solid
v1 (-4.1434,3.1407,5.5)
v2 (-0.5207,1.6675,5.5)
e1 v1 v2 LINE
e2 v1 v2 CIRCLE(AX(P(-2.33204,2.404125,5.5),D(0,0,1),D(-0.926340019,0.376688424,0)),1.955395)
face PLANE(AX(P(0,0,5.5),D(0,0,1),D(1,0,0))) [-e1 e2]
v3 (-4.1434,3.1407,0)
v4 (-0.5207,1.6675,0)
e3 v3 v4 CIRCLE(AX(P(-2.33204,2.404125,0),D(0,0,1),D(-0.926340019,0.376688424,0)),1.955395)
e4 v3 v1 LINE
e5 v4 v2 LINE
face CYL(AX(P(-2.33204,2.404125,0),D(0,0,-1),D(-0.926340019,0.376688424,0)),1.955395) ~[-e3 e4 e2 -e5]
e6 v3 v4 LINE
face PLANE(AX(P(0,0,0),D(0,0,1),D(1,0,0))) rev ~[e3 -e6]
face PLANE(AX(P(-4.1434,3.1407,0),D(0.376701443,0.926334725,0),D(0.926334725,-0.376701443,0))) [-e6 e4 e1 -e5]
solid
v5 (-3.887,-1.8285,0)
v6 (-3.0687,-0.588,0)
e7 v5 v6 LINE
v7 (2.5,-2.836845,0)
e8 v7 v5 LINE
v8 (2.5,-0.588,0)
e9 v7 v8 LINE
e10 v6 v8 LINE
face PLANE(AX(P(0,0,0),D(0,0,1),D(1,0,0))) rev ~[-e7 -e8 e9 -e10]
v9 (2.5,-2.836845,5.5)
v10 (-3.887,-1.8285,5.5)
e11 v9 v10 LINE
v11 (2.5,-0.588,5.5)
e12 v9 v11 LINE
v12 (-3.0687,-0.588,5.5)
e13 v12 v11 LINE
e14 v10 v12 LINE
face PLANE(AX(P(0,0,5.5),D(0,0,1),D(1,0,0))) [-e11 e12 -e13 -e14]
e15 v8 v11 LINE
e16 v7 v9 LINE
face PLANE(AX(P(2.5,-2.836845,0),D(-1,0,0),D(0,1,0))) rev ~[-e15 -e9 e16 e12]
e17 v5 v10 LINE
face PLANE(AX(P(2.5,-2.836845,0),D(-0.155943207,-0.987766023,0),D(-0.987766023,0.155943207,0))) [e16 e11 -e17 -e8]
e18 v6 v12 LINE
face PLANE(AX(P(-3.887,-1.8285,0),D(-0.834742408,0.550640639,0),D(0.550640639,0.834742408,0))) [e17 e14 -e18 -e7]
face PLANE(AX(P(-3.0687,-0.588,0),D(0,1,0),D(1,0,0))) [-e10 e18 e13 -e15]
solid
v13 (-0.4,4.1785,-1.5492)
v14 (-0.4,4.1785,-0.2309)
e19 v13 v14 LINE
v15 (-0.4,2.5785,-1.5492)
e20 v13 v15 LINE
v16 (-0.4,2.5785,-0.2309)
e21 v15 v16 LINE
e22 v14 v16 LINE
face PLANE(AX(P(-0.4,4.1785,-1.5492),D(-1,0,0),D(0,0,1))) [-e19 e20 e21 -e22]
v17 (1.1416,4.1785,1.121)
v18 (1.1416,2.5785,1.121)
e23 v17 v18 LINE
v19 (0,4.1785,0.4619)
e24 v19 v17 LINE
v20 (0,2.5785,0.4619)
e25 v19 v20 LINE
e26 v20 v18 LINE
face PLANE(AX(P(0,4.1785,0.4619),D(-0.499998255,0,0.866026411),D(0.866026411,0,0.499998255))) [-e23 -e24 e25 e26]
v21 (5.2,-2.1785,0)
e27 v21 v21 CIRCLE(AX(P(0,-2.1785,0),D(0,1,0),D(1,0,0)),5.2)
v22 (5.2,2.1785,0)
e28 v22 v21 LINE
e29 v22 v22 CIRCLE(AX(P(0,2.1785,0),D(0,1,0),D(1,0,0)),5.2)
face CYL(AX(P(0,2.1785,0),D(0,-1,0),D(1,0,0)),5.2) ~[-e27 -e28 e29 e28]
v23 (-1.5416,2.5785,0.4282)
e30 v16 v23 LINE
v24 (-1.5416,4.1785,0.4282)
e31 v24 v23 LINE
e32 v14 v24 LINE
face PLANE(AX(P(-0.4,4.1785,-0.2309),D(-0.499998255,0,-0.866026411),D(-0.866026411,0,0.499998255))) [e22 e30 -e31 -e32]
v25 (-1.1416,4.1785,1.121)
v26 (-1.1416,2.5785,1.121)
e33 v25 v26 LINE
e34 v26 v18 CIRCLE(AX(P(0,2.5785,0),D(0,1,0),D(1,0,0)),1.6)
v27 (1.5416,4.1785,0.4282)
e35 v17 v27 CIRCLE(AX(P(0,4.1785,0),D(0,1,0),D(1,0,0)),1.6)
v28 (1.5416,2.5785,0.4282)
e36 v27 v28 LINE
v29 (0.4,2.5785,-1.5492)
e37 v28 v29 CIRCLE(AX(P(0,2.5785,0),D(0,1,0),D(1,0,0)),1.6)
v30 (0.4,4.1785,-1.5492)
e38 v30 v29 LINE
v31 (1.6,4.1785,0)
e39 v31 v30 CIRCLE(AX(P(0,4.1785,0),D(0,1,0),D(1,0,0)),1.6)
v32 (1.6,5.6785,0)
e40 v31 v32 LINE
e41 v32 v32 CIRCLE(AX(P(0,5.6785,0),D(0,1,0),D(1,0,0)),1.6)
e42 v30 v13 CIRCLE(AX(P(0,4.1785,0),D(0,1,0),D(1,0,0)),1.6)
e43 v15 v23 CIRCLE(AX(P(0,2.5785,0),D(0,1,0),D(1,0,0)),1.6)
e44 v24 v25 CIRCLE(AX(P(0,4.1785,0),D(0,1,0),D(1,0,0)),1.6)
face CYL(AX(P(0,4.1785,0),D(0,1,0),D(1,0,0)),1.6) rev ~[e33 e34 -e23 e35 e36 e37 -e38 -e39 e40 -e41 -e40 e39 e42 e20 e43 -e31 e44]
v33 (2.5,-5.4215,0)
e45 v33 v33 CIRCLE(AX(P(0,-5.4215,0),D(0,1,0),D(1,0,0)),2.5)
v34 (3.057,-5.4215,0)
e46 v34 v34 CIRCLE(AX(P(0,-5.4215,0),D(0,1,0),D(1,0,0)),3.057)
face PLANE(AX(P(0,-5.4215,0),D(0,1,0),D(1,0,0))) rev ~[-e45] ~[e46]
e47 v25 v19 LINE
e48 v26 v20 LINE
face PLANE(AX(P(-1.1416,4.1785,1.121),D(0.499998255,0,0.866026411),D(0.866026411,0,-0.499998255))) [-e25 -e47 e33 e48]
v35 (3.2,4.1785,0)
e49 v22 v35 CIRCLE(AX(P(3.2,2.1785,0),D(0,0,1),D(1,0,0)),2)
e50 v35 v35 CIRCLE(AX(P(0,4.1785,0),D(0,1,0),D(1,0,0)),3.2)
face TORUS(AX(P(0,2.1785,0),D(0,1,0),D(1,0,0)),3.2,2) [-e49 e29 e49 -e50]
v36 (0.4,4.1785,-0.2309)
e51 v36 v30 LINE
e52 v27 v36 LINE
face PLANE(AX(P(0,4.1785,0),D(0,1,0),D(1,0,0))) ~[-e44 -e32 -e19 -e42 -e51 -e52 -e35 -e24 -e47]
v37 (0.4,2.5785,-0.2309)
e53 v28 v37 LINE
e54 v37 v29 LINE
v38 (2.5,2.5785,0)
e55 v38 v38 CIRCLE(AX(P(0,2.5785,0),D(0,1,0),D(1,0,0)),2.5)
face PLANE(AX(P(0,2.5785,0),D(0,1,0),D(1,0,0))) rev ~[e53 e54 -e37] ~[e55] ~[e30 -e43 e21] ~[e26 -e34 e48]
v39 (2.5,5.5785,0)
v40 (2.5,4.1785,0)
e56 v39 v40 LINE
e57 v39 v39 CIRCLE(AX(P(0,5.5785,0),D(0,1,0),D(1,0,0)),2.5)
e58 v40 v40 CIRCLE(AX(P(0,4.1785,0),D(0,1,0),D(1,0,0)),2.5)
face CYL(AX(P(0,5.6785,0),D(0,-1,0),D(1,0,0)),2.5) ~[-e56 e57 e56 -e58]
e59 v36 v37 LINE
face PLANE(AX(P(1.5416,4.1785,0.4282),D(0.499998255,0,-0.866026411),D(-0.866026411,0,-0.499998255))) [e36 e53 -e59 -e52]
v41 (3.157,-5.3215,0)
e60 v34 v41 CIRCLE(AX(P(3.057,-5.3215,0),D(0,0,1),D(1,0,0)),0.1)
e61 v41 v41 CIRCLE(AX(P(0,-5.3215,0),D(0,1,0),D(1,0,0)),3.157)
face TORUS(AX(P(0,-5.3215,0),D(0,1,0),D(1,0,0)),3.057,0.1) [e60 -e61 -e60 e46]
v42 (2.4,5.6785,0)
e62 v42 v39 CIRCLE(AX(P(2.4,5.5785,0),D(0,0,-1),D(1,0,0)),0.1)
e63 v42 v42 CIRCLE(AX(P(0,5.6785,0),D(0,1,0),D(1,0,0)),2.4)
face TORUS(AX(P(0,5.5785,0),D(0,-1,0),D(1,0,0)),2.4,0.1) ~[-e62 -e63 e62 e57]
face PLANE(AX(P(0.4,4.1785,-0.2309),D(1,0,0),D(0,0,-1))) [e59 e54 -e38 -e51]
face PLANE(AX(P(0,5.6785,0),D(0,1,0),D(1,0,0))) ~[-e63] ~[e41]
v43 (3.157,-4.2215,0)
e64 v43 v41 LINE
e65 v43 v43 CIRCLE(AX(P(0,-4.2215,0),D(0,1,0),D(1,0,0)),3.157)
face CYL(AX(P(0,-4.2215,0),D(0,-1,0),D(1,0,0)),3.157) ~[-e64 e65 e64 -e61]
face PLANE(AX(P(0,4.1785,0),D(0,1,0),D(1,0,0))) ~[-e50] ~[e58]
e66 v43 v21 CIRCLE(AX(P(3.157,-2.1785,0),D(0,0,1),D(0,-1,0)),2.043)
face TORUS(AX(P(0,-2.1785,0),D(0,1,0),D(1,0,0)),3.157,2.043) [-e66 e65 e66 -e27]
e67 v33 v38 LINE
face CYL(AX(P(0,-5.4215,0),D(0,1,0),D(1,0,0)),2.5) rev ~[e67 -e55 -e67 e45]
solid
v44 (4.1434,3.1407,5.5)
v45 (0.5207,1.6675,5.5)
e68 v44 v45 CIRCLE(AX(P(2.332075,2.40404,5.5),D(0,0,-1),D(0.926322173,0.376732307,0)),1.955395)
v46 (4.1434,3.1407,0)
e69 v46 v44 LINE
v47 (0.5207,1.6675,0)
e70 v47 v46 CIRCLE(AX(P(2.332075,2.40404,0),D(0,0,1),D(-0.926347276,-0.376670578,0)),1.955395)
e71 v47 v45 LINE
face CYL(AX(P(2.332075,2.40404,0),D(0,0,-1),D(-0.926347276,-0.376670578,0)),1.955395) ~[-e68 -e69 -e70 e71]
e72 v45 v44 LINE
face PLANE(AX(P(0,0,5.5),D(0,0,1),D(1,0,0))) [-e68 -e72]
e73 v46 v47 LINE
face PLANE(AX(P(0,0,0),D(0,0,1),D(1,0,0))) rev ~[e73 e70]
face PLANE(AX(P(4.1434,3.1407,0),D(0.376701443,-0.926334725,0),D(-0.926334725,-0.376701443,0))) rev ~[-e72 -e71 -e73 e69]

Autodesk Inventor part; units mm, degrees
ref_plane "XZ Plane" through (0, 0, 0) normal (0, 1, 0) x (-1, 0, 0)
sketch "Sketch2" plane through (0, 0, 0) normal (0, 0, 1) x (1, 0, 0)
  line L0 (0, 4.1785) -> (1.6, 4.1785)
  line L1 (1.6, 4.1785) -> (1.6, 5.6785)
  line L2 (1.6, 5.6785) -> (2.5, 5.6785)
  line L3 (2.5, 5.6785) -> (2.5, 4.1785)
  line L4 (2.5, 4.1785) -> (3.2, 4.1785)
  arc A0 (5.2, 2.1785) -> (3.2, 4.1785) centre (3.2, 2.1785) ccw
  line L5 (5.2, 2.1785) -> (5.2, -2.1785)
  arc A1 (3.157, -4.2215) -> (5.2, -2.1785) centre (3.157, -2.1785) ccw
  line L6 (3.157, -4.2215) -> (3.157, -5.4215)
  line L7 (3.157, -5.4215) -> (2.5, -5.4215)
  line L8 (2.5, -5.4215) -> (2.5, 2.5785)
  line L9 (2.5, 2.5785) -> (0, 2.5785)
  line L10 (0, 2.5785) -> (0, 4.1785)
  point P0 (0, 0)
  point P1 (5.2, 0)
  dimension "d0" = 5
  dimension "d1" = 3.2
  dimension "d2" = 1.5
  dimension "d3" = 2
  dimension "d4" = 10.4
  dimension "d6" = 6.314
  dimension "d7" = 1.2
  dimension "d8" = 8
  dimension "d23" = 9.6
revolve "Revolution1" add sketch "Sketch2" angle 360 about axis through (0, 2.5785, 0) along (0, 1, 0)
sketch "Sketch3" plane through (0, 4.1785, 0) normal (0, 1, 0) x (1, 0, 0)
  circle A0 centre (0, 0) radius 1.6 projected
  line L0 (-0.4, 1.5492) -> (-0.4, 0.2309)
  line L1 (-0.4, 0.2309) -> (-1.5416, -0.4282)
  line L2 (-1.1416, -1.121) -> (0, -0.4619)
  line L3 (0, -0.4619) -> (1.1416, -1.121)
  line L4 (1.5416, -0.4282) -> (0.4, 0.2309)
  line L5 (0.4, 0.2309) -> (0.4, 1.5492)
  dimension "d10" = 120
  dimension "d11" = 0.8
extrude "Extrusion1" cut sketch "Sketch3" against normal through all contours A0 L4 L5 | L0 L1 A0 | A0 L2 L3
fillet "Fillet1" radius 0.1 2 edges at (-2.5, 5.6785, 0) (-3.157, -5.4215, 0)
ref_plane "Work Plane1" through (5.2, 0, 0) normal (1, 0, 0) x (0, 1, 0)
ref_plane "Work Plane2" through (0, 0, 5.2) normal (0, 0, 1) x (1, 0, 0)
sketch "草圖6" plane through (0, 0, 0) normal (0, 0, 1) x (1, 0, 0)
  line L0 (-4.1434, 3.1407) -> (-0.5207, 1.6675)
  arc A0 (-4.1434, 3.1407) -> (-0.5207, 1.6675) centre (-2.3321, 2.4041) ccw
  line L1 (0, 0) -> (0, 4.7535) construction
  line L2 (4.1434, 3.1407) -> (0.5207, 1.6675)
  arc A1 (0.5207, 1.6675) -> (4.1434, 3.1407) centre (2.3321, 2.4041) ccw
  line L3 (-3.0687, -0.588) -> (2.6358, -0.588)
  line L4 (2.5, -5.4215) -> (2.5, 2.5785) projected
  line L5 (2.6358, -0.588) -> (3.9705, -3.069)
  line L6 (3.9705, -3.069) -> (-3.887, -1.8285)
  line L7 (-3.887, -1.8285) -> (-3.0687, -0.588)
  point P0 (2.5, -2.8368)
  point P1 (2.5, -0.588)
split_face "分割1"
split_face "分割2"
split_face "分割3"
ref_plane "工作平面3" through (0, -0.3215, 0) normal (0, 1, 0) x (-0.9999, 0, -0.015)
extrude "擠出2" add sketch "草圖6" along normal blind 5.5 separate body contours L0 A0 | A1 L4 L2 | L4 L6 L7 L3 | L4 A1 L2
properties part number "X02598_LEGOmini_Head_Y_Original_NoPara" material "ABS Plastic"
